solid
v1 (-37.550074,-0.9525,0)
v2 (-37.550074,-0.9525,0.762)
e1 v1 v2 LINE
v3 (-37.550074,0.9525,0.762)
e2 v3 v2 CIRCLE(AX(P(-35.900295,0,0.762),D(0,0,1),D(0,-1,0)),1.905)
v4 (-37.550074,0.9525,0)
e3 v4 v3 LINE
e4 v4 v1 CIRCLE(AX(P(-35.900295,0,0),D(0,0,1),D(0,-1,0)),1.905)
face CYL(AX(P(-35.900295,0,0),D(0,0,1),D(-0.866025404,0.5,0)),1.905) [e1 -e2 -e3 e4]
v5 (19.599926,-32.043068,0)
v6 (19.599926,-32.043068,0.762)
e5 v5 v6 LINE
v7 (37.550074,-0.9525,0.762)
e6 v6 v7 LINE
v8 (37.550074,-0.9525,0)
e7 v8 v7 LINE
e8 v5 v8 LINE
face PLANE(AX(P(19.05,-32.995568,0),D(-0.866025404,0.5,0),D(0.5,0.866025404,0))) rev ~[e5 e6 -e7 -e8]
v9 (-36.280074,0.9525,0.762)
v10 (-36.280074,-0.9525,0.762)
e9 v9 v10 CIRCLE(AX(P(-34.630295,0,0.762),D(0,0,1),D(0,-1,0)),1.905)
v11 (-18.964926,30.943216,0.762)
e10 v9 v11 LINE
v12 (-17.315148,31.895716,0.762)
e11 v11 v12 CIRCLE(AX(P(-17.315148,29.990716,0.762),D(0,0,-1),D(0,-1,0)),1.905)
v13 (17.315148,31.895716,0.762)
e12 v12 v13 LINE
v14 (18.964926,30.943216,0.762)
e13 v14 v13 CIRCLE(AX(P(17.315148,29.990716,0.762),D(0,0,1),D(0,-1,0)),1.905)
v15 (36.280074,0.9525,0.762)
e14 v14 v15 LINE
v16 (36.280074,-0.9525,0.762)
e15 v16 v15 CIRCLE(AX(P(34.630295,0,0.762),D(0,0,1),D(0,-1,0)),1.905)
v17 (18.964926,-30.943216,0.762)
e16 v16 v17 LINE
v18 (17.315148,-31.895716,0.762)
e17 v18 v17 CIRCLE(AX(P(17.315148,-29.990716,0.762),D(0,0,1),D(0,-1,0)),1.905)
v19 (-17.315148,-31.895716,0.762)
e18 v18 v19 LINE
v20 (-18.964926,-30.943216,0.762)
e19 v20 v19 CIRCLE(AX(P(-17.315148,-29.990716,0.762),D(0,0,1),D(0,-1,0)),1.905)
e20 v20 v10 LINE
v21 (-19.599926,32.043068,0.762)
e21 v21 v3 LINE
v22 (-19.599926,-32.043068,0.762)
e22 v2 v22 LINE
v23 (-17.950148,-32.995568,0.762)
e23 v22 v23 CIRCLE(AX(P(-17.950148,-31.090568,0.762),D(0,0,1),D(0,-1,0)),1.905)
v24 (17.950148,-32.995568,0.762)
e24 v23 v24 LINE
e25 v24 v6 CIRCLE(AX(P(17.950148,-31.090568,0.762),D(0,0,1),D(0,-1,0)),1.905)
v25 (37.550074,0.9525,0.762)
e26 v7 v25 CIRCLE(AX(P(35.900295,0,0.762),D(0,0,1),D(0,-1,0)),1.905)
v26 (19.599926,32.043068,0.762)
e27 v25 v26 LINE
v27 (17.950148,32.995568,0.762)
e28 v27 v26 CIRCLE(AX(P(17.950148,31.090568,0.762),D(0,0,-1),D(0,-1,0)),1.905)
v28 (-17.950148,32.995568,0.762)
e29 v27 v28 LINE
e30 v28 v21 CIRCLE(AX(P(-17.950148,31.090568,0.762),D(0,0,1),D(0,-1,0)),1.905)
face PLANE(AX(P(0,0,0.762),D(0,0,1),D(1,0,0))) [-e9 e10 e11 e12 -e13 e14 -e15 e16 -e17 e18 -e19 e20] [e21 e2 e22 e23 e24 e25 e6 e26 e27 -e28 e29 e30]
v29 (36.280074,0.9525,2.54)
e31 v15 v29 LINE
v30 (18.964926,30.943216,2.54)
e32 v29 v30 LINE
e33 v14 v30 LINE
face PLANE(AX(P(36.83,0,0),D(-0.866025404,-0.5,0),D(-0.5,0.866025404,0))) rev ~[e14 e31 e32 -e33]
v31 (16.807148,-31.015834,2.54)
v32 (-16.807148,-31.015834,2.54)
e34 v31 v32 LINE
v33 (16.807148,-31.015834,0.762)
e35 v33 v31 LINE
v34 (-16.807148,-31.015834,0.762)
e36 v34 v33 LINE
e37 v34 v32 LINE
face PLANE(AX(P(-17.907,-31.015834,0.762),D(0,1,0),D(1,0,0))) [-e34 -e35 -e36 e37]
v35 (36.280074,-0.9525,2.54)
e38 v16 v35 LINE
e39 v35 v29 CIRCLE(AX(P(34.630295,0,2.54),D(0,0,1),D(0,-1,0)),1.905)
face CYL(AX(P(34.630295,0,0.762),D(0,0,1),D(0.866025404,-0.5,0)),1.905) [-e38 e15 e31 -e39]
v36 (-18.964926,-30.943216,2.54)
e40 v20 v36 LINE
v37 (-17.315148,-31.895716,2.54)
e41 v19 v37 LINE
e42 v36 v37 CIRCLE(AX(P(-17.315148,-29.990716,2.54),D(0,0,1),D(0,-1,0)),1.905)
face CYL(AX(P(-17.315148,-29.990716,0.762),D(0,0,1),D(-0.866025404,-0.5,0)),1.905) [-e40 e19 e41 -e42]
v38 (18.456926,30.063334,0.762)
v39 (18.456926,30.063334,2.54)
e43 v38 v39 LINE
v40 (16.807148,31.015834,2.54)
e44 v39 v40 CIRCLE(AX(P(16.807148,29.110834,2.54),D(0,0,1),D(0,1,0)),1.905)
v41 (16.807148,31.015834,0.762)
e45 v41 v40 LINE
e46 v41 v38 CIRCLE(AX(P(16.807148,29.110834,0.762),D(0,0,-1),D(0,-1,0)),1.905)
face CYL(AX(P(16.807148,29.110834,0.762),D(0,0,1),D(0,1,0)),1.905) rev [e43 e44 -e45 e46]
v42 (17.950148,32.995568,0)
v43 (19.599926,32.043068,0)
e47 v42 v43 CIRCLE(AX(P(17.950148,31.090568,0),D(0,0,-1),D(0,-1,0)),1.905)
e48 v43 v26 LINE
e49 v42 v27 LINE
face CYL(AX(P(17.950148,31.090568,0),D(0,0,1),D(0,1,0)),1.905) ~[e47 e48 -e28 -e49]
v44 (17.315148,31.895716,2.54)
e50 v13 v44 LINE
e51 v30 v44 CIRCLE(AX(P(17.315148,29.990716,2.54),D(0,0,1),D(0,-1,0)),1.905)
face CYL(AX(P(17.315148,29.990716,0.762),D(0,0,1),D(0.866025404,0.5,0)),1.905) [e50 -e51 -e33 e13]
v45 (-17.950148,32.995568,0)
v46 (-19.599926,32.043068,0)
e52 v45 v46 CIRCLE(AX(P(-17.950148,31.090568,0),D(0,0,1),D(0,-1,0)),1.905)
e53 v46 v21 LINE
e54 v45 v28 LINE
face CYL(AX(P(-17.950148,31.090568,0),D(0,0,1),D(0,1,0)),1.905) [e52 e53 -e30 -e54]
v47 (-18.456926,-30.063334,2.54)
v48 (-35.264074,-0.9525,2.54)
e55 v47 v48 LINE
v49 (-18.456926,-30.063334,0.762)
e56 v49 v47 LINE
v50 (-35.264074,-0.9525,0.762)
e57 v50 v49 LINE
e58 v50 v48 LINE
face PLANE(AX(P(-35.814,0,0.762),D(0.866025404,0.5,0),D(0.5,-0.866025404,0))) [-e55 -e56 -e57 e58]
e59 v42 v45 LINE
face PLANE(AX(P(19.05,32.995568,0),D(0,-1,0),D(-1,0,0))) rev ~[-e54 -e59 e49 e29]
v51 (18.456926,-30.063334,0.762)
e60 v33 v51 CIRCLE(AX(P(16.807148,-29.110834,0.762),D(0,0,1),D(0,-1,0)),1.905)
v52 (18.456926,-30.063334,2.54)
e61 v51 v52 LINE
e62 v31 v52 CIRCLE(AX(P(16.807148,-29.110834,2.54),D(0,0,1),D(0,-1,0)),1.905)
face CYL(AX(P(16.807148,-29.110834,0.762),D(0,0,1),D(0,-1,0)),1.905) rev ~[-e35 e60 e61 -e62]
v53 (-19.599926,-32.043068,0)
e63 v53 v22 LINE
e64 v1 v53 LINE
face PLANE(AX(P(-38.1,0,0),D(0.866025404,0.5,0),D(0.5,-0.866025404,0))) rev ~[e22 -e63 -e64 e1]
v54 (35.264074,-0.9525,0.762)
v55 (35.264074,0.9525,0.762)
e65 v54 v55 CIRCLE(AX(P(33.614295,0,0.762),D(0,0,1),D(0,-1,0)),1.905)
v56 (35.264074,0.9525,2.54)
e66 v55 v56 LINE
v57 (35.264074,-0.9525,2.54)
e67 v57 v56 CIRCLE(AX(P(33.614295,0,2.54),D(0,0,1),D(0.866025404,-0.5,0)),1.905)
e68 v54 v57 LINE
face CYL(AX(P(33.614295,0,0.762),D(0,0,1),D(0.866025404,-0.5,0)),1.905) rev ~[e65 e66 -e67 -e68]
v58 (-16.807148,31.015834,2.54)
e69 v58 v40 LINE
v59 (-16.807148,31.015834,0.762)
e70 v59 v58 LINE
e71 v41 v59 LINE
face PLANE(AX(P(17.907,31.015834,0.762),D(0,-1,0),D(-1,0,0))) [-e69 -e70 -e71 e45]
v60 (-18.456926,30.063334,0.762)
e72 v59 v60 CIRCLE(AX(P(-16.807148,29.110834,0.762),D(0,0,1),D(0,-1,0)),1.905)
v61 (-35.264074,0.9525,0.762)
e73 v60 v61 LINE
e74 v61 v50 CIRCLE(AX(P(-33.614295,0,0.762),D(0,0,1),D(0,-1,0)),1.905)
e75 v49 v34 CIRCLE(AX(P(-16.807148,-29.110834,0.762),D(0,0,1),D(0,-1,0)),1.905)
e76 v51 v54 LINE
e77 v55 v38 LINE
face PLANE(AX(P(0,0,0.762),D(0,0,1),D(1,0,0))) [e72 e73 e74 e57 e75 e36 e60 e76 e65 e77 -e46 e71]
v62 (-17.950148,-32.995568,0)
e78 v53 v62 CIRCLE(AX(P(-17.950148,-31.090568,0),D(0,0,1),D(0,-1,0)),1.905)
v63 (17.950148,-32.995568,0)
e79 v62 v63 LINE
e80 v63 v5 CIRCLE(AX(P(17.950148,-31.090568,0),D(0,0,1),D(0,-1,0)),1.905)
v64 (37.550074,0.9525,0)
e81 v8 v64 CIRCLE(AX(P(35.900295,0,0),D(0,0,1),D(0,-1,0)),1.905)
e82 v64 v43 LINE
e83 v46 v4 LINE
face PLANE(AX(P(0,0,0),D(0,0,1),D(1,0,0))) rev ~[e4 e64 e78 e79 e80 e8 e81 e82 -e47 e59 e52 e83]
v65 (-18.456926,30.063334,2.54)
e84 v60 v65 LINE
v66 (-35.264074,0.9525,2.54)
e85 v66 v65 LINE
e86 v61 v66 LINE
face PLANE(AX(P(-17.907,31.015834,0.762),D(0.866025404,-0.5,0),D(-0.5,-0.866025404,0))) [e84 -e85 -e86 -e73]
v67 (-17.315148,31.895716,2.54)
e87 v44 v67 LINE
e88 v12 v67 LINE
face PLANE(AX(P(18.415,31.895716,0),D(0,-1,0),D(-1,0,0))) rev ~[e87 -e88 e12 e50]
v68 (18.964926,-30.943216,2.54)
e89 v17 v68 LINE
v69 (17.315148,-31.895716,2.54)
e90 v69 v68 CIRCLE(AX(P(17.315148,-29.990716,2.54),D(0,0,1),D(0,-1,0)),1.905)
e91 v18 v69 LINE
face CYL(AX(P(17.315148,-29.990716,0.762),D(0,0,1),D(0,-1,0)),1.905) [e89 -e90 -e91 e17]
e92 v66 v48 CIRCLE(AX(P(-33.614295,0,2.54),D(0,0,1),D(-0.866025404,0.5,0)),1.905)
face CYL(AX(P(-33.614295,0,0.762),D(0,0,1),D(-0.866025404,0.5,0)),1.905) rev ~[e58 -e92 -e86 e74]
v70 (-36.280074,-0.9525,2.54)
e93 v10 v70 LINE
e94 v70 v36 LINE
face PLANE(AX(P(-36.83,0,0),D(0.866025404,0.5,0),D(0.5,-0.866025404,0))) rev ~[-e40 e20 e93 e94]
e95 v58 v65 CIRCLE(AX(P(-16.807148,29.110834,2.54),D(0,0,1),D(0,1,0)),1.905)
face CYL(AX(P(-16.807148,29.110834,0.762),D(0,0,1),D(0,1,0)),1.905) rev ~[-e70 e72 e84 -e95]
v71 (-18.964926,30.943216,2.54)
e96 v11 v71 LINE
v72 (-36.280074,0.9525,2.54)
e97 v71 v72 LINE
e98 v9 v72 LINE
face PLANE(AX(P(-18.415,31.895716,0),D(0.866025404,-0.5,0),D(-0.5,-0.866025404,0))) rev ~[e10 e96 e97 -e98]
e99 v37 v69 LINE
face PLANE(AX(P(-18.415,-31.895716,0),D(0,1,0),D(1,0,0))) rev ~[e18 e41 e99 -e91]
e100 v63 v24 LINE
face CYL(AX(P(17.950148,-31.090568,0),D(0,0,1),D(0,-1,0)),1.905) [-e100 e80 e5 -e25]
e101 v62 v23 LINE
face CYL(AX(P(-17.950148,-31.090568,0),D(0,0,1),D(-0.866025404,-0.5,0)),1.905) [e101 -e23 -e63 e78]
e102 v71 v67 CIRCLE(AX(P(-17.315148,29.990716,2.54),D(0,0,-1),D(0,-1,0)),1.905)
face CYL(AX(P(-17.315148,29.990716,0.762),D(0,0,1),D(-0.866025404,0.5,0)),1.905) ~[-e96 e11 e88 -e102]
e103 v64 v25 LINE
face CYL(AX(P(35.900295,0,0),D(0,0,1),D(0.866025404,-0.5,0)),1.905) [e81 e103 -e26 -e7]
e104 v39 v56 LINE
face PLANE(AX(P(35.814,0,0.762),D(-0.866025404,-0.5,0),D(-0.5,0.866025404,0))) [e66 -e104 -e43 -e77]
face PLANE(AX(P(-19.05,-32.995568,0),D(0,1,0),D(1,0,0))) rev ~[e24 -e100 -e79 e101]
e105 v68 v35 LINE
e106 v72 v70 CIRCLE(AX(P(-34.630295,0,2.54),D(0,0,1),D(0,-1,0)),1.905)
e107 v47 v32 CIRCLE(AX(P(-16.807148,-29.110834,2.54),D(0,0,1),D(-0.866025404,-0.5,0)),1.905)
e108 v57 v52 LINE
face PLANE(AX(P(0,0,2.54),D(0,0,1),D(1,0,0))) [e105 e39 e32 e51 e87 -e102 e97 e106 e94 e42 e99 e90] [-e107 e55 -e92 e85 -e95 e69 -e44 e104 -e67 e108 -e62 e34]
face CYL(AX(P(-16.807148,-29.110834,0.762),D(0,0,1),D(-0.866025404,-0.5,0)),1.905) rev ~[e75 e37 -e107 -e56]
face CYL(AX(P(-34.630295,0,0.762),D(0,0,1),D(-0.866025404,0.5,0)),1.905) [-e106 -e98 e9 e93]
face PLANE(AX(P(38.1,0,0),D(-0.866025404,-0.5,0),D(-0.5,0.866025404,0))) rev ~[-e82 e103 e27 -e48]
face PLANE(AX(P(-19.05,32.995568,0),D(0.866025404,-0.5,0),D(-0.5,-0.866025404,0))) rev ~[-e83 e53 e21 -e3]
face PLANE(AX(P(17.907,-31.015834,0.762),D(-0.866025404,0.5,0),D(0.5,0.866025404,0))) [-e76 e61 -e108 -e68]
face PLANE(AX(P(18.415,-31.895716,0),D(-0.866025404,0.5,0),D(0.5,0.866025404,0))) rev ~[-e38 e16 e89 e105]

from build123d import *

# Parameters (mm, degrees)
F1_DEPTH = 0.762
F2_R     = 1.905
F4_DEPTH = 2.54
F5_R     = 1.905
F7_DEPTH = 2.54
F8_R     = 1.905


with BuildPart() as f1:
    # F0 (on Top) → F1 (new body)
    with BuildSketch(Plane.XY):
        Polygon((19.05, 32.9955678842), (-19.05, 32.9955678842), (-38.1, 0), (-19.05, -32.9955678842), (19.05, -32.9955678842), (38.1, 0), align=None)
    extrude(amount=F1_DEPTH)

    # F2
    f2_edges = [f1.edges().sort_by_distance(p)[0] for p in [
        (38.1, 0, 0.381),
        (19.05, 32.995568, 0.381),
        (-19.05, 32.995568, 0.381),
        (-38.1, 0, 0.381),
        (-19.05, -32.995568, 0.381),
        (19.05, -32.995568, 0.381),
    ]]
    fillet(f2_edges, radius=F2_R)

    # F3 (on Top) → F4 (join)
    with BuildSketch(Plane.XY):
        Polygon((18.415, 31.8957156214), (-18.415, 31.8957156214), (-36.83, 0), (-18.415, -31.8957156214), (18.415, -31.8957156214), (36.83, 0), align=None)
    extrude(amount=F4_DEPTH)

    # F5
    f5_edges = [f1.edges().sort_by_distance(p)[0] for p in [
        (-18.415, -31.895716, 1.651),
        (18.415, -31.895716, 1.651),
        (36.83, 0, 1.651),
        (-36.83, 0, 1.651),
        (18.415, 31.895716, 1.651),
        (-18.415, 31.895716, 1.651),
    ]]
    fillet(f5_edges, radius=F5_R)


with BuildPart() as f7:
    # F6 (on Top) → F7 (new body)
    with BuildSketch(Plane.XY):
        Polygon((17.907, 31.0158338111), (-17.907, 31.0158338111), (-35.814, 0), (-17.907, -31.0158338111), (17.907, -31.0158338111), (35.814, 0), align=None)
    extrude(amount=F7_DEPTH)

    # F8
    f8_edges = [f7.edges().sort_by_distance(p)[0] for p in [
        (-17.907, -31.015834, 1.27),
        (17.907, -31.015834, 1.27),
        (35.814, 0, 1.27),
        (-35.814, 0, 1.27),
        (17.907, 31.015834, 1.27),
        (-17.907, 31.015834, 1.27),
    ]]
    fillet(f8_edges, radius=F8_R)


with BuildPart() as f7_1:
    # F9: moved
    add(f7.part.moved(Location((0, 0, 0.762))))


with BuildPart() as f1_1:
    add(f1.part)

    # F10: cut F7
    add(f7_1.part, mode=Mode.SUBTRACT)


solid = f1_1.part
